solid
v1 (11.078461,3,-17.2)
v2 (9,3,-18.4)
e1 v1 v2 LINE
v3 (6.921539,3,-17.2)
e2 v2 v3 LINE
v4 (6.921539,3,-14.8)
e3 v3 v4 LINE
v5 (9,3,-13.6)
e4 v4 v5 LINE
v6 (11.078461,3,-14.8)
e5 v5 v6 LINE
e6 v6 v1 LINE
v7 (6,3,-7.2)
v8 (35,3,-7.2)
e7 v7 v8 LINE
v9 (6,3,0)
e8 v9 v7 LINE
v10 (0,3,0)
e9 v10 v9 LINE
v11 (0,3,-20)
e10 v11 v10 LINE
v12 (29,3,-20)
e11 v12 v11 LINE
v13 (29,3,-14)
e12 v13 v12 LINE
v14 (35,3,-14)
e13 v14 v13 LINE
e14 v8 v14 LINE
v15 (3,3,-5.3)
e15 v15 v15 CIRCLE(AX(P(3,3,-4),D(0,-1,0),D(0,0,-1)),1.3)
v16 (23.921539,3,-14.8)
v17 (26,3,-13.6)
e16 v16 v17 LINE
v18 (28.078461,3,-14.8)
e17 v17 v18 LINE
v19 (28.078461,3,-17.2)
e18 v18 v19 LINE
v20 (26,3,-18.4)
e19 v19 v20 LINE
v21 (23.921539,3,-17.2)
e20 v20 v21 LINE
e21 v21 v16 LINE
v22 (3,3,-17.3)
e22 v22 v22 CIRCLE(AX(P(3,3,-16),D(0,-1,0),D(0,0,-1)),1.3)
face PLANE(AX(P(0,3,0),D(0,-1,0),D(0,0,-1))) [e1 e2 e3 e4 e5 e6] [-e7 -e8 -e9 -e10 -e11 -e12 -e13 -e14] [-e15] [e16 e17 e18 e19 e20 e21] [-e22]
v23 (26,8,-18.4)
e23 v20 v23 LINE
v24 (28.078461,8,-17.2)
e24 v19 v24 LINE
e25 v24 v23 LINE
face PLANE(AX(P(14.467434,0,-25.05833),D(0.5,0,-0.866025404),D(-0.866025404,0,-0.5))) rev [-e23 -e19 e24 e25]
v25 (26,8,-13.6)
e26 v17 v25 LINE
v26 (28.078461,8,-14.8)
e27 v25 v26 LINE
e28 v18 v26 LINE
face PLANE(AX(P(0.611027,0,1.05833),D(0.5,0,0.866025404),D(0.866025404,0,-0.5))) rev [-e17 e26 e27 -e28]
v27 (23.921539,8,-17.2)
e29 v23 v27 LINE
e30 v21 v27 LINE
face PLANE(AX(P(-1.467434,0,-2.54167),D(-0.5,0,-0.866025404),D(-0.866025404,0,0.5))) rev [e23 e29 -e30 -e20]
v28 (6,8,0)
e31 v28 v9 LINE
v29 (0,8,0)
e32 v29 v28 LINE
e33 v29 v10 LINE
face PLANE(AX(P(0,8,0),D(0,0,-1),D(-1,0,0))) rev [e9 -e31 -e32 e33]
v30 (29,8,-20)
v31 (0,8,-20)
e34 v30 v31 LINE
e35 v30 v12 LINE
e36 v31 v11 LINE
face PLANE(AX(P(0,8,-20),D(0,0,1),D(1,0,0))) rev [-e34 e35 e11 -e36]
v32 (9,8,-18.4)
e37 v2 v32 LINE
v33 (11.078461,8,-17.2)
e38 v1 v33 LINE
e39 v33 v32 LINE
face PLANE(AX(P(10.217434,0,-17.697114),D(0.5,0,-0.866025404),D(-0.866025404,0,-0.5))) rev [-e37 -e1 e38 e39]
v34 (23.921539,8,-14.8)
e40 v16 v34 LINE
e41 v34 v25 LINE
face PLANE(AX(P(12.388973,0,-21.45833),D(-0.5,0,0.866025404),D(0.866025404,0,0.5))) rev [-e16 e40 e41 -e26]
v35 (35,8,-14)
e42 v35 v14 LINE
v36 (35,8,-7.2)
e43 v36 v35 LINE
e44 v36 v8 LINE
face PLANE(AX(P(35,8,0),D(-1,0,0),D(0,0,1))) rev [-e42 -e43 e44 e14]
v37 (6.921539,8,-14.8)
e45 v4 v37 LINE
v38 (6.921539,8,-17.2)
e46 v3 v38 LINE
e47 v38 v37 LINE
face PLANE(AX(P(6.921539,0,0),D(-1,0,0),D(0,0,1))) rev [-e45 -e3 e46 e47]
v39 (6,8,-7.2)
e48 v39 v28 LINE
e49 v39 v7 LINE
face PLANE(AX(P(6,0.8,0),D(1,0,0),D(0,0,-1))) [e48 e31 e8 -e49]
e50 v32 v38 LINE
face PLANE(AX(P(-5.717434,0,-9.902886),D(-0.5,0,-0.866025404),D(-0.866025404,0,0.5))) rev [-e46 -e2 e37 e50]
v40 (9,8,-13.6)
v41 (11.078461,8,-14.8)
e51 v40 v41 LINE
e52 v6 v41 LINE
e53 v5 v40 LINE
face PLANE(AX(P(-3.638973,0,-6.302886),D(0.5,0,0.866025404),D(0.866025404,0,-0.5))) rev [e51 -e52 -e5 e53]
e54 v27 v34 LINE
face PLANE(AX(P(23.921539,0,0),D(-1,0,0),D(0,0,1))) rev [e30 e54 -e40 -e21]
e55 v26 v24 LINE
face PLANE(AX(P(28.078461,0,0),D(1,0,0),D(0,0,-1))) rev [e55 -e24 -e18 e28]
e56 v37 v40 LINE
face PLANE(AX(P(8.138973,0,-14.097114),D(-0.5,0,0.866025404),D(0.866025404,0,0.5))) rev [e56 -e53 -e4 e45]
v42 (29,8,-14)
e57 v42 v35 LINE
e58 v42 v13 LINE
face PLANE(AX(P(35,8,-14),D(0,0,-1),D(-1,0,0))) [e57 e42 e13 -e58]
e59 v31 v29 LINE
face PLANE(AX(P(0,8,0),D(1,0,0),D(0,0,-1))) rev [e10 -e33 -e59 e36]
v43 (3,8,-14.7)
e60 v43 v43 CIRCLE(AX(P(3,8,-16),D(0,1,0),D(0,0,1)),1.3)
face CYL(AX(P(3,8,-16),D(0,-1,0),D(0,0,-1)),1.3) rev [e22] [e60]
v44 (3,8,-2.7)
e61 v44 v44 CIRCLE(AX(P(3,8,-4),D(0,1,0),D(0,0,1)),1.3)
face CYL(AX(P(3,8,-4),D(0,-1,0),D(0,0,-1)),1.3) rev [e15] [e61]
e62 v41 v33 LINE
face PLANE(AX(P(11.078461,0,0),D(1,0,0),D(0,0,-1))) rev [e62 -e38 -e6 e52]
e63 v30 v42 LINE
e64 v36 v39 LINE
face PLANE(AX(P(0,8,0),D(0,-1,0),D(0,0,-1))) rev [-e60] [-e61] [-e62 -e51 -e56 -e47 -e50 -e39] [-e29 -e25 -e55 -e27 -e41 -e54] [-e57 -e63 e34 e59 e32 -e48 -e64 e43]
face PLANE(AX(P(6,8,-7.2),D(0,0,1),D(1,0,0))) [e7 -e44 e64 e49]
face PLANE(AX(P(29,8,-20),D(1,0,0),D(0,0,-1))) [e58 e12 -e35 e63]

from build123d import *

# Parameters (mm, degrees)
SKETCH_1_W           = 35
SKETCH_1_H           = 20
EXTRUDE_1_DEPTH      = 8
SKETCH_2_W           = 29
SKETCH_2_H           = 14
CUT_EXTRUDE_2_DEPTH  = 0.8
SKETCH_3_W           = 29
SKETCH_3_H           = 7.2
CUT_EXTRUDE_4_DEPTH  = 42.097445176
SKETCH_4_W           = 6
SKETCH_4_H           = 6
CUT_EXTRUDE_5_DEPTH  = 42.097445176
SKETCH_5_R           = 1.3
CUT_EXTRUDE_6_DEPTH  = 42.097445176
CUT_EXTRUDE_START    = 8
CUT_EXTRUDE_8_DEPTH  = 50.097445176
SKETCH_6_R           = 2.2
CUT_EXTRUDE_10_DEPTH = 2
SKETCH_8_W           = 35
SKETCH_8_H           = 20
CUT_EXTRUDE_11_DEPTH = 3


with BuildPart() as part:
    # 草圖1 → 填料-伸長1 (new body)
    with BuildSketch(Plane(origin=(0, 0, 0), x_dir=(1, 0, 0), z_dir=(0, 1, 0))):
        with Locations((17.5, 10)):
            Rectangle(SKETCH_1_W, SKETCH_1_H)
    extrude(amount=EXTRUDE_1_DEPTH)

    # 草圖2 → 除料-伸長2 (cut)
    with BuildSketch(Plane(origin=(0, 0, 0), x_dir=(1, 0, 0), z_dir=(0, 1, 0))):
        with Locations((20.5, 7)):
            Rectangle(SKETCH_2_W, SKETCH_2_H)
    extrude(amount=CUT_EXTRUDE_2_DEPTH, mode=Mode.SUBTRACT)

    # 草圖3 → 除料-伸長4 (cut, through all)
    with BuildSketch(Plane(origin=(0, 0, 0), x_dir=(1, 0, 0), z_dir=(0, 1, 0))):
        with Locations((20.5, 3.6)):
            Rectangle(SKETCH_3_W, SKETCH_3_H)
    extrude(amount=CUT_EXTRUDE_4_DEPTH, mode=Mode.SUBTRACT)

    # 草圖4 → 除料-伸長5 (cut, through all)
    with BuildSketch(Plane(origin=(0, 0, 0), x_dir=(1, 0, 0), z_dir=(0, 1, 0))):
        with Locations((32, 17)):
            Rectangle(SKETCH_4_W, SKETCH_4_H)
    extrude(amount=CUT_EXTRUDE_5_DEPTH, mode=Mode.SUBTRACT)

    # 草圖5 → 除料-伸長6 (cut, through all)
    with BuildSketch(Plane(origin=(0, 0, 0), x_dir=(1, 0, 0), z_dir=(0, 1, 0))):
        with Locations(Location((3, 16, 0), (0, 0, 270))):
            Circle(SKETCH_5_R)
        with Locations(Location((3, 4, 0), (0, 0, 270))):
            Circle(SKETCH_5_R)
        with Locations(Location((9, 16, 0), (0, 0, 270))):
            Circle(SKETCH_5_R)
        with Locations(Location((26, 16, 0), (0, 0, 270))):
            Circle(SKETCH_5_R)
    extrude(amount=CUT_EXTRUDE_6_DEPTH, mode=Mode.SUBTRACT)

    # 草圖7 → 除料-伸長8 (cut, through all)
    with BuildSketch(Plane(origin=(0, 0, 0), x_dir=(1, 0, 0), z_dir=(0, 1, 0)).offset(CUT_EXTRUDE_START)):
        Polygon((26, 18.4), (23.921539031, 17.2), (23.921539031, 14.8), (26, 13.6), (28.078460969, 14.8), (28.078460969, 17.2), align=None)
        Polygon((9, 18.4), (6.921539031, 17.2), (6.921539031, 14.8), (9, 13.6), (11.078460969, 14.8), (11.078460969, 17.2), align=None)
    extrude(amount=-CUT_EXTRUDE_8_DEPTH, mode=Mode.SUBTRACT)

    # 草圖6 → 除料-伸長10 (cut)
    with BuildSketch(Plane(origin=(0, 0, 0), x_dir=(1, 0, 0), z_dir=(0, 1, 0))):
        with Locations(Location((3, 16, 0), (0, 0, 90))):
            Circle(SKETCH_6_R)
        with Locations(Location((3, 4, 0), (0, 0, 90))):
            Circle(SKETCH_6_R)
    extrude(amount=CUT_EXTRUDE_10_DEPTH, mode=Mode.SUBTRACT)

    # 草圖8 → 除料-伸長11 (cut)
    with BuildSketch(Plane(origin=(0, 0, 0), x_dir=(1, 0, 0), z_dir=(0, 1, 0))):
        with Locations((17.5, 10)):
            Rectangle(SKETCH_8_W, SKETCH_8_H)
    extrude(amount=CUT_EXTRUDE_11_DEPTH, mode=Mode.SUBTRACT)


solid = part.part
